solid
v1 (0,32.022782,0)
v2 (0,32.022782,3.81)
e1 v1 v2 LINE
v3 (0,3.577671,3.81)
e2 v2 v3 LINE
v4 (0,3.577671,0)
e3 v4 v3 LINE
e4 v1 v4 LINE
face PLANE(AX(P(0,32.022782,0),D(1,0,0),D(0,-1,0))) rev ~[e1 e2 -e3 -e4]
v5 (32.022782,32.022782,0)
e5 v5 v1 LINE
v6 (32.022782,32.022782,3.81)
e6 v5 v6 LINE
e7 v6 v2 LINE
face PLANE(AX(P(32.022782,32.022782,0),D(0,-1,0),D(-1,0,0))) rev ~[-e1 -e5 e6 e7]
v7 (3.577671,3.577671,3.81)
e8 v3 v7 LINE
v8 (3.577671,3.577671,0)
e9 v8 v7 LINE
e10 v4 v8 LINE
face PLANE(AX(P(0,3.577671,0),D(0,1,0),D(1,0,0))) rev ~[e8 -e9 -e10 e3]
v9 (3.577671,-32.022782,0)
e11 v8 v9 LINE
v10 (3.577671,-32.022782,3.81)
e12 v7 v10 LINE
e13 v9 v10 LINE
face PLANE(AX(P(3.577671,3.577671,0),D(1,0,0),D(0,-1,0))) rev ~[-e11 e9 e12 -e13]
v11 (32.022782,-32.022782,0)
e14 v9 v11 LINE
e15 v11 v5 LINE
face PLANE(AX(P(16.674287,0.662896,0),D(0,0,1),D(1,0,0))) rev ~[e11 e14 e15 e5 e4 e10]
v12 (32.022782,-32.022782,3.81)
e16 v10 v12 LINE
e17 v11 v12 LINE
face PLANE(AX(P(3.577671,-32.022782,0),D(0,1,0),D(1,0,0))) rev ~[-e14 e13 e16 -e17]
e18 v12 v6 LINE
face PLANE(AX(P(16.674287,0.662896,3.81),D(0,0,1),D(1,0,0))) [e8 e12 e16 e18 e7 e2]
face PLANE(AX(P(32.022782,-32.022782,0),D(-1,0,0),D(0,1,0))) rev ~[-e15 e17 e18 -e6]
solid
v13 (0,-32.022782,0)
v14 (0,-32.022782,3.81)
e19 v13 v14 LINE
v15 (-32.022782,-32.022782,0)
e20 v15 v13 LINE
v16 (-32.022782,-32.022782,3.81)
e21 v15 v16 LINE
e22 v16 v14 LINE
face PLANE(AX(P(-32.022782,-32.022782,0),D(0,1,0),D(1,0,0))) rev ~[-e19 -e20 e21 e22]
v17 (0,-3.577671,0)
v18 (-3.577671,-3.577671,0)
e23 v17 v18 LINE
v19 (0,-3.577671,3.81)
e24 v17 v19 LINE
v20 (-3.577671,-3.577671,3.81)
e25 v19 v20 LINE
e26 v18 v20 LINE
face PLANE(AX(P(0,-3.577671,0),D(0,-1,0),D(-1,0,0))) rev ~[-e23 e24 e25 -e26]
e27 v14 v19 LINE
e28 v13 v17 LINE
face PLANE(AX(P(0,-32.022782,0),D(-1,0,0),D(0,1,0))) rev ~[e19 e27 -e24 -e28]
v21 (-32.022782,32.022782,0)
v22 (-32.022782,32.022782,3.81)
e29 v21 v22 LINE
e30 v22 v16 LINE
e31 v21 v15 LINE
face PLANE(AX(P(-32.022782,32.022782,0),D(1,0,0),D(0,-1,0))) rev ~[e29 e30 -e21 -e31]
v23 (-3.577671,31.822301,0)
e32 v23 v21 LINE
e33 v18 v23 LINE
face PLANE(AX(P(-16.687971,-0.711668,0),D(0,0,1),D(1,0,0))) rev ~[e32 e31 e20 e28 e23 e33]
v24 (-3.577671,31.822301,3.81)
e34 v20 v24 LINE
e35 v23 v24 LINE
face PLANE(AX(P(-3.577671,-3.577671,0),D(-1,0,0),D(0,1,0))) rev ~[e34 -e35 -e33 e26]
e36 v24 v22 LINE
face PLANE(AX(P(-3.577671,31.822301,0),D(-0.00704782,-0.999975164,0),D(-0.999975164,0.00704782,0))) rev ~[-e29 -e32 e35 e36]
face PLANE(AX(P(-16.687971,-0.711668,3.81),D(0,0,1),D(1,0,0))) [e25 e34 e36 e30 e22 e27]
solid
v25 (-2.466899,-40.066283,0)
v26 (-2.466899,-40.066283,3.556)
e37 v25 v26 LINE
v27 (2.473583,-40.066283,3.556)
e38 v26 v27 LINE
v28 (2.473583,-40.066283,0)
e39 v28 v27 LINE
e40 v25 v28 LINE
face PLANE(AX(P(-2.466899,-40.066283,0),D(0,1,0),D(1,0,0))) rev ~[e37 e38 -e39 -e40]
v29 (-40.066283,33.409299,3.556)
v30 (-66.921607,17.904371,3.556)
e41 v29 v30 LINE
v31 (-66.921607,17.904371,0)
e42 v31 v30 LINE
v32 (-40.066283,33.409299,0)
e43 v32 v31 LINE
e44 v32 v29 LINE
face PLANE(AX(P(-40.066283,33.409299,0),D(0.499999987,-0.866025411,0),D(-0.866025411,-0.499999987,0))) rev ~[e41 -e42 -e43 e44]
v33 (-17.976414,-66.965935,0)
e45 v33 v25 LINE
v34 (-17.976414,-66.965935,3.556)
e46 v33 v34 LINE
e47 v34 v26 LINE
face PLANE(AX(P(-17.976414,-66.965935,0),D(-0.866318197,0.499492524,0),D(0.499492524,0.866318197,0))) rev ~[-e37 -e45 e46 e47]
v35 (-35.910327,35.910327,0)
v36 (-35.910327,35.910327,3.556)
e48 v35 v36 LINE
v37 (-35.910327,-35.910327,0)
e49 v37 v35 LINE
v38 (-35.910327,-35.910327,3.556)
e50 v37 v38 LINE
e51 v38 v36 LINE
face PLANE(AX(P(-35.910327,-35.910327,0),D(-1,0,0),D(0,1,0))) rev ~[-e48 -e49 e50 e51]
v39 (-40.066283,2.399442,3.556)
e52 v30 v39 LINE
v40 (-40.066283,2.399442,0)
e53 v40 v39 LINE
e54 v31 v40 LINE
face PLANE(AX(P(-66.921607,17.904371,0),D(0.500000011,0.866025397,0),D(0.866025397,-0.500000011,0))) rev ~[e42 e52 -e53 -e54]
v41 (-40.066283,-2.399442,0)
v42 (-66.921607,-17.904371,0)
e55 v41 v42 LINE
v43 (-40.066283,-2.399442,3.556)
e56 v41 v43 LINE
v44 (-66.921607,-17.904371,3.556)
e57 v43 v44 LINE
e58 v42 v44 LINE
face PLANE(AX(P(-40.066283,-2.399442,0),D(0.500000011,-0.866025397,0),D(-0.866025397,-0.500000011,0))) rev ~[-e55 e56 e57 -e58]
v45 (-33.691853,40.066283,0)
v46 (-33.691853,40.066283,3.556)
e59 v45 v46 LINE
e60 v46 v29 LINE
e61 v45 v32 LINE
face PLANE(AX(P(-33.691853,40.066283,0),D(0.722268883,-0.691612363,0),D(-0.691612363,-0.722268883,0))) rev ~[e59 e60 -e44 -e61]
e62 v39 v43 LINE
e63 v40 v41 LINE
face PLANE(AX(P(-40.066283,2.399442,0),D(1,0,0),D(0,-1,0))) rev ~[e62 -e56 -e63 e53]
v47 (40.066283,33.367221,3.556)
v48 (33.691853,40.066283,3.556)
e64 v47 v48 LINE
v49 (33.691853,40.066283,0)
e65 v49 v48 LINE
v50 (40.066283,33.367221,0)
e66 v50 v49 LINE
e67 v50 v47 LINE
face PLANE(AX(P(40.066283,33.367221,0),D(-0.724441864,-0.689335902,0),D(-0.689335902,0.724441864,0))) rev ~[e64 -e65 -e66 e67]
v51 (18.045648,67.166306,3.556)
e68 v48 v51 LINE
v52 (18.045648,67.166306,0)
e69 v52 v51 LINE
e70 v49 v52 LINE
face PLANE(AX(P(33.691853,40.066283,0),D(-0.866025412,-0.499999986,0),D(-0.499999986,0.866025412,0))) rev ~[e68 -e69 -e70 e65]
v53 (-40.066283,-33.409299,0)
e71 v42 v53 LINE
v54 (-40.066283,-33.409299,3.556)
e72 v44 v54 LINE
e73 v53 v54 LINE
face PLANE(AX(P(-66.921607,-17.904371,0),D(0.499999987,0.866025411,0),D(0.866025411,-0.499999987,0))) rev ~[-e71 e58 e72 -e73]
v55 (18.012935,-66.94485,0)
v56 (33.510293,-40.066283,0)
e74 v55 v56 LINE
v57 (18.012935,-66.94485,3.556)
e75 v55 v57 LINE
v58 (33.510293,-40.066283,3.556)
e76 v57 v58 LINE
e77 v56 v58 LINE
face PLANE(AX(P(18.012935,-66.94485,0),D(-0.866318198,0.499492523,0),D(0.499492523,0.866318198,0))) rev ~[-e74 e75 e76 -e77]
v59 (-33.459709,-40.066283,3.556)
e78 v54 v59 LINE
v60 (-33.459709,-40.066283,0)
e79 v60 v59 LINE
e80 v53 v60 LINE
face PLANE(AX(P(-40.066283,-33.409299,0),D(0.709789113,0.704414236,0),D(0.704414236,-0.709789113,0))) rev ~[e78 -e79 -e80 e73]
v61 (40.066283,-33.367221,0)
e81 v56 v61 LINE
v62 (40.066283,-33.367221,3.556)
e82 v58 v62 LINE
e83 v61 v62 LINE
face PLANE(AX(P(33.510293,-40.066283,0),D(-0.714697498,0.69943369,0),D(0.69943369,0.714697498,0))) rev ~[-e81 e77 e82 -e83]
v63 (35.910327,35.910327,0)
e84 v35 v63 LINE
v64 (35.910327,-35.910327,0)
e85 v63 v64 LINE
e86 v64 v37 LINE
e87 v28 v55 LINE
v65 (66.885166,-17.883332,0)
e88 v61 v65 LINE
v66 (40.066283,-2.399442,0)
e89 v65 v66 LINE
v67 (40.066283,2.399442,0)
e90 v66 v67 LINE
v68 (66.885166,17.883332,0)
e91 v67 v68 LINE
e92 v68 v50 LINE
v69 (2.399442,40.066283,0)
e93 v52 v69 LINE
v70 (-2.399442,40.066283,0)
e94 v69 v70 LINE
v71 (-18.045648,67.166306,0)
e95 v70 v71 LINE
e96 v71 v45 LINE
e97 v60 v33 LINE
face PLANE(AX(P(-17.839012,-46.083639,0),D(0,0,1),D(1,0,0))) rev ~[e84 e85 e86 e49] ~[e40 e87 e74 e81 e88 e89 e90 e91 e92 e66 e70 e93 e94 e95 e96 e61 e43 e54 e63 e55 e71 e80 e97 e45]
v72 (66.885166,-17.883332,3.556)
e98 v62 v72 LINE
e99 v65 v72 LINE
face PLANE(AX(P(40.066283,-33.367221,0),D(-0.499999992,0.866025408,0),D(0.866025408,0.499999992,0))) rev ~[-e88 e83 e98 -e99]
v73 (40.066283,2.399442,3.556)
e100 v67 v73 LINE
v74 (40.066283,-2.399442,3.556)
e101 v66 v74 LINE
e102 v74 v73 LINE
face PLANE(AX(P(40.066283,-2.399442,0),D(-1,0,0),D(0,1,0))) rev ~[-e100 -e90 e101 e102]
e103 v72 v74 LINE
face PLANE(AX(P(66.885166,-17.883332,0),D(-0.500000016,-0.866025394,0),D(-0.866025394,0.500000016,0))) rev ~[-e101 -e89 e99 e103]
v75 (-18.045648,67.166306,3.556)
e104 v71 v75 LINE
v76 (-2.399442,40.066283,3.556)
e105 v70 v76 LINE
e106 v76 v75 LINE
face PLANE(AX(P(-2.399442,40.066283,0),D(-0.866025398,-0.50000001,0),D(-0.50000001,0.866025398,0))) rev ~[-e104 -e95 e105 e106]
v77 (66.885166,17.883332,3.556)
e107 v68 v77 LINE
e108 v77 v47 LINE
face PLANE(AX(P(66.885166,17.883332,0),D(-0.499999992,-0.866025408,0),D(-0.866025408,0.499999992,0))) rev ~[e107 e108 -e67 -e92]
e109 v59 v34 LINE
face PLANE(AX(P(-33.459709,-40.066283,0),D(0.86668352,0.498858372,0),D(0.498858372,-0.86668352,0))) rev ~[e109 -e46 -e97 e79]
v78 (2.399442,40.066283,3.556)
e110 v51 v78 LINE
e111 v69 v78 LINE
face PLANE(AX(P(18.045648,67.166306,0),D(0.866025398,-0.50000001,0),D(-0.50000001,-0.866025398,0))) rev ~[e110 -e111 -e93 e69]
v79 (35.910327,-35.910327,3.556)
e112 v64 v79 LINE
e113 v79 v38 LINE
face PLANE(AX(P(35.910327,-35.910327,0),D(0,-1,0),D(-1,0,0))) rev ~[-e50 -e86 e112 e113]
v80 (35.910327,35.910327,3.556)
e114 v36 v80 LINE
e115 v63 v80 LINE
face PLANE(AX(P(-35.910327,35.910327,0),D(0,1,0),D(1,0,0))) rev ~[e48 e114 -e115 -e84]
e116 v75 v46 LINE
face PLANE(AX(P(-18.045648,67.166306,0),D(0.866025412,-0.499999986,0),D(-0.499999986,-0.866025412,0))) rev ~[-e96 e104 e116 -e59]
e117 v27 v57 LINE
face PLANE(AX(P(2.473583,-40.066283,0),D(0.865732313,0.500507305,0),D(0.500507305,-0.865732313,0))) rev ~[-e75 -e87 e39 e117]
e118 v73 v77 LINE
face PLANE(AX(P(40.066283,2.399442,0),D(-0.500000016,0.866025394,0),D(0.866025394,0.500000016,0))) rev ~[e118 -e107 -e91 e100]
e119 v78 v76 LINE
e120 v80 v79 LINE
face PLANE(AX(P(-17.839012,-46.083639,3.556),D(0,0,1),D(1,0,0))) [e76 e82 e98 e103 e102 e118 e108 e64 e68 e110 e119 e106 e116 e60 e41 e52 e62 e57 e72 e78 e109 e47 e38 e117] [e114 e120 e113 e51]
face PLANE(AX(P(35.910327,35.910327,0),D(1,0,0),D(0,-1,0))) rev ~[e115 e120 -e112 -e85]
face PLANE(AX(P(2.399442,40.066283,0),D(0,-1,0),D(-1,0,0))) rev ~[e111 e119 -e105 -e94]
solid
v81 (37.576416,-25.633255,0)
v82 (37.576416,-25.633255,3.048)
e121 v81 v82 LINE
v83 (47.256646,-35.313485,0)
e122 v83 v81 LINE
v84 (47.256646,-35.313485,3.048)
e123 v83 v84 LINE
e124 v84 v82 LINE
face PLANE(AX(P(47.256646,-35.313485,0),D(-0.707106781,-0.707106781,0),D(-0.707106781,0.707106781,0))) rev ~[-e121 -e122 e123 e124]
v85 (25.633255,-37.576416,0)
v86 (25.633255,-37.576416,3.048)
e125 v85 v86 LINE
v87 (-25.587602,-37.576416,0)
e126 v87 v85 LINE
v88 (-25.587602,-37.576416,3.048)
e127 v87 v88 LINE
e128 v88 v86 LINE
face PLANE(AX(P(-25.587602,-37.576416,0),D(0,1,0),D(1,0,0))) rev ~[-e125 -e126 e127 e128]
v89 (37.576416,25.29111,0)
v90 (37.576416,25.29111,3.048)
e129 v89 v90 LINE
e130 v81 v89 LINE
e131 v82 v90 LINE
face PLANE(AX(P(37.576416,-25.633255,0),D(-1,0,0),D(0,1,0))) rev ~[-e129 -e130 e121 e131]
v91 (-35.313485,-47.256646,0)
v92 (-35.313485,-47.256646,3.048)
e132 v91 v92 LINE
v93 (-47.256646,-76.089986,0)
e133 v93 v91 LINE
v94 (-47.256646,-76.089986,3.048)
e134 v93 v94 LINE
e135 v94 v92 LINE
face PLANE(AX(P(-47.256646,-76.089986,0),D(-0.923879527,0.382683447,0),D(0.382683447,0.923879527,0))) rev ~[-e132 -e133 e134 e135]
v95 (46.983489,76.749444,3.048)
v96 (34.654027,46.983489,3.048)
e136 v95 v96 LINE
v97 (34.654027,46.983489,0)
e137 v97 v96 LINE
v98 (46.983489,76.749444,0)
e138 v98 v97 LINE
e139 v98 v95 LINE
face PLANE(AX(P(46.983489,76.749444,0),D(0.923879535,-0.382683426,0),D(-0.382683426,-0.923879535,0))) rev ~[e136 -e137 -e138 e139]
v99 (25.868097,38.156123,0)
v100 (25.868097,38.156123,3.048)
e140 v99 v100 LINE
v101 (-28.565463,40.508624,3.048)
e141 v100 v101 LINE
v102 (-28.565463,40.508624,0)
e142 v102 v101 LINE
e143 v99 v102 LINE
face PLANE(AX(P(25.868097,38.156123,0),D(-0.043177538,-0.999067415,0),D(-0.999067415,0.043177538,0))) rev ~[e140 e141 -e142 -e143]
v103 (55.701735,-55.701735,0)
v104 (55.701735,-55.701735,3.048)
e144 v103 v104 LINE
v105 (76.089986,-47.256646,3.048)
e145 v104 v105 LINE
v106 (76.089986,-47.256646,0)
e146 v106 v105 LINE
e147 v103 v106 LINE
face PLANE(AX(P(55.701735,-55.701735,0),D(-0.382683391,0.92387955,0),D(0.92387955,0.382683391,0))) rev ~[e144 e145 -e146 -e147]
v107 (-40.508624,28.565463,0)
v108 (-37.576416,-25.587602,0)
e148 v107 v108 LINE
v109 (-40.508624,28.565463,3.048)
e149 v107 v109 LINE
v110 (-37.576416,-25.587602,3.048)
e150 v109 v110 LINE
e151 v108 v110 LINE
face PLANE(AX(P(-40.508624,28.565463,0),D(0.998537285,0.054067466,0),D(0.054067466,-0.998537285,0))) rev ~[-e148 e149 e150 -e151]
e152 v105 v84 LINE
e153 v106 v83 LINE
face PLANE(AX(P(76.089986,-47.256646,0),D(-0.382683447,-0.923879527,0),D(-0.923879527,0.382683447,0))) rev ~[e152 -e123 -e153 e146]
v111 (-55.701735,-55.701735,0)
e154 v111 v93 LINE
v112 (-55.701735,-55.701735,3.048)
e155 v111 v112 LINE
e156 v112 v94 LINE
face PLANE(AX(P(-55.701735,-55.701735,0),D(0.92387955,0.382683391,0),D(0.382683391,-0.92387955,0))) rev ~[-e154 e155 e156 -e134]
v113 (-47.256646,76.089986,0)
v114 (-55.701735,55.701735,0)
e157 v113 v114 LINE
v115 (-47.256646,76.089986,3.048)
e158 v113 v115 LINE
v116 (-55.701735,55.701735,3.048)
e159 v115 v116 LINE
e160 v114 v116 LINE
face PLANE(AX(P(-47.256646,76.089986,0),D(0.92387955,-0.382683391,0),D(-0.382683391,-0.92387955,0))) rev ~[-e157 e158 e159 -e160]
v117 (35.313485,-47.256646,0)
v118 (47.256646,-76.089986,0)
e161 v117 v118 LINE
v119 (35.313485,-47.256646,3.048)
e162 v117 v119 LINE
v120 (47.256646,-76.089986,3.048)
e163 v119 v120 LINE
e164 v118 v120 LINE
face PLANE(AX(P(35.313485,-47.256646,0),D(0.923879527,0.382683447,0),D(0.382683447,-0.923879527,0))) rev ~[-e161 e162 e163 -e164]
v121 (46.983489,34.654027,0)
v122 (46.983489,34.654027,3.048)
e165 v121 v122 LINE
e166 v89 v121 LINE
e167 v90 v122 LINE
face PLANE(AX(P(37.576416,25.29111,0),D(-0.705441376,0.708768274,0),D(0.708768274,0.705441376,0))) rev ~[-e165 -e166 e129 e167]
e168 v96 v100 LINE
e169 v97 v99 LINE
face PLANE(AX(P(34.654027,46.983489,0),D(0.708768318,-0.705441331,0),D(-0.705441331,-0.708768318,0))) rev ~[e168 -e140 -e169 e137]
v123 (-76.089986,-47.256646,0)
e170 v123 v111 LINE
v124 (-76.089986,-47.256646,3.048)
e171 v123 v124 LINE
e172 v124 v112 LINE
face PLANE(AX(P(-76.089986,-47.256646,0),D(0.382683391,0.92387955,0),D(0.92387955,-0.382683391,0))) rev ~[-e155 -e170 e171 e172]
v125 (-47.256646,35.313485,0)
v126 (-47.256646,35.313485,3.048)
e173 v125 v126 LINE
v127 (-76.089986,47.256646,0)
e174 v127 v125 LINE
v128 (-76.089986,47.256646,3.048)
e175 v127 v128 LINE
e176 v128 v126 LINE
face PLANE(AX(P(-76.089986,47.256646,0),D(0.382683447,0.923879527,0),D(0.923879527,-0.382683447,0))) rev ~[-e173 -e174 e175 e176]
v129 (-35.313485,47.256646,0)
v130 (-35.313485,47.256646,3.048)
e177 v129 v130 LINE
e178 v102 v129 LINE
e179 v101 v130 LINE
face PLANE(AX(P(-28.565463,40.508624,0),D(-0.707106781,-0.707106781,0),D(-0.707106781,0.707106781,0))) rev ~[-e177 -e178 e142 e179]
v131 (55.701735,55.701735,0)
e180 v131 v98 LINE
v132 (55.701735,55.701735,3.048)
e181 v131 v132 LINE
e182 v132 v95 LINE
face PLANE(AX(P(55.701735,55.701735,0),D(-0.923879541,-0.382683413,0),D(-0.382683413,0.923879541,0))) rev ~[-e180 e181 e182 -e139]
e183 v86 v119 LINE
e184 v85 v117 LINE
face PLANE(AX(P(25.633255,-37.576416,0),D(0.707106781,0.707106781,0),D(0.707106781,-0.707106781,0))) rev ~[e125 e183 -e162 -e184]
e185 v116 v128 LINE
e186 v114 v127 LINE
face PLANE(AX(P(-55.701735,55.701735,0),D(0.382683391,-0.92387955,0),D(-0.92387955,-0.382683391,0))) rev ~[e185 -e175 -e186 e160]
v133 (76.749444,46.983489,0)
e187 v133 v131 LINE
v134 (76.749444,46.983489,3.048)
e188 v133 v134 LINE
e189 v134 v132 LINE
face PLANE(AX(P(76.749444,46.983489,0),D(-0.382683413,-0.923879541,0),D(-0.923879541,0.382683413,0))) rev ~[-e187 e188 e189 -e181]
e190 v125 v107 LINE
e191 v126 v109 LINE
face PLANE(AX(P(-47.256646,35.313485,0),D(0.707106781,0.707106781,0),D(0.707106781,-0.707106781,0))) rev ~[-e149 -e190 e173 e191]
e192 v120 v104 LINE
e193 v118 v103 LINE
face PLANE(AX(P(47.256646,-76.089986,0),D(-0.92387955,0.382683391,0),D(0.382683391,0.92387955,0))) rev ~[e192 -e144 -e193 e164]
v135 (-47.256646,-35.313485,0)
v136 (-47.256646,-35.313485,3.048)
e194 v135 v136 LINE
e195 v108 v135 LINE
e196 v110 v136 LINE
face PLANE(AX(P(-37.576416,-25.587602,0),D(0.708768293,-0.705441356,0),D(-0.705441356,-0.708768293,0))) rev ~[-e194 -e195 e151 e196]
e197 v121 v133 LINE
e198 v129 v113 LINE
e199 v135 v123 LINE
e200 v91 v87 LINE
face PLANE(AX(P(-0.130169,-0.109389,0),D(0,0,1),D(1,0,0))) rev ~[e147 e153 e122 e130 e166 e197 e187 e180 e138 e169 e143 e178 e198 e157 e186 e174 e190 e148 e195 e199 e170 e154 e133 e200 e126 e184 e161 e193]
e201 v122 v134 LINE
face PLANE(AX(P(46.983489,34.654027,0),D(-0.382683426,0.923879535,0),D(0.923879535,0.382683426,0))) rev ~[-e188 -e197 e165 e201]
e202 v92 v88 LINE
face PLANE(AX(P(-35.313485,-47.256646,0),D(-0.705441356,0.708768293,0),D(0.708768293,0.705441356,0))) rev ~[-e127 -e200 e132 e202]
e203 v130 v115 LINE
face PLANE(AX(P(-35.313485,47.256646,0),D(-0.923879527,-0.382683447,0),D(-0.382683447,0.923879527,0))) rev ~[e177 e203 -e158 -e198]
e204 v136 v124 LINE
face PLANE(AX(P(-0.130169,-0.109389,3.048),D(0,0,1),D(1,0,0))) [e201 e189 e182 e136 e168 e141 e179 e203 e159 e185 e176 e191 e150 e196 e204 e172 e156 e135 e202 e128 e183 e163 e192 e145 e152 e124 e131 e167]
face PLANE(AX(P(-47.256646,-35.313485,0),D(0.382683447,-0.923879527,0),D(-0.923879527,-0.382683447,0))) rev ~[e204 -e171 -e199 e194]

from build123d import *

# Parameters (mm, degrees)
F1_DEPTH = 3.81
F3_DEPTH = 3.556
F5_DEPTH = 3.048


with BuildPart() as f1:
    # F0 (on Top) → F1 (new body)
    with BuildSketch(Plane.XY):
        Polygon((32.022782, -32.022782), (32.022782, 32.022782), (0, 32.022782), (0, 3.577671), (3.577671, 3.577671), (3.577671, -3.577671), (3.577671, -32.022782), align=None)
        Polygon((-32.022782, 32.022782), (-32.022782, -32.022782), (0, -32.022782), (0, -3.577671), (-3.577671, -3.577671), (-3.577671, 3.577671), (-3.577671, 31.822301), align=None)
    extrude(amount=F1_DEPTH)


with BuildPart() as f3:
    # F2 (on Top) → F3 (new body)
    with BuildSketch(Plane.XY):
        Polygon((-17.976414, -66.965935), (-2.466899, -40.066283), (0, -40.066283), (0.003342, -35.910327), (-35.910327, -35.910327), (-36.762996, -36.737791), (-33.459709, -40.066283), align=None)
        Polygon((0.003342, -35.910327), (0, -40.066283), (2.473583, -40.066283), (18.012935, -66.94485), (33.510293, -40.066283), (36.788288, -36.716752), (35.910327, -35.910327), align=None)
        Polygon((35.910327, 0), (35.910327, -35.910327), (36.788288, -36.716752), (40.066283, -33.367221), (66.885166, -17.883332), (40.066283, -2.399442), (40.066283, 0), align=None)
        Polygon((-36.762996, -36.737791), (-35.910327, -35.910327), (-35.910327, 0), (-40.066283, 0), (-40.066283, -2.399442), (-66.921607, -17.904371), (-40.066283, -33.409299), align=None)
        Polygon((35.910327, 35.910327), (35.910327, 0), (40.066283, 0), (40.066283, 2.399442), (66.885166, 17.883332), (40.066283, 33.367221), (36.879068, 36.716752), align=None)
        Polygon((-40.066283, 0), (-35.910327, 0), (-35.910327, 35.910327), (-36.879068, 36.737791), (-40.066283, 33.409299), (-66.921607, 17.904371), (-40.066283, 2.399442), align=None)
        Polygon((0, 35.910327), (35.910327, 35.910327), (36.879068, 36.716752), (33.691853, 40.066283), (18.045648, 67.166306), (2.399442, 40.066283), (0, 40.066283), align=None)
        Polygon((-36.879068, 36.737791), (-35.910327, 35.910327), (0, 35.910327), (0, 40.066283), (-2.399442, 40.066283), (-18.045648, 67.166306), (-33.691853, 40.066283), align=None)
    extrude(amount=F3_DEPTH)


with BuildPart() as f5:
    # F4 (on Top) → F5 (new body)
    with BuildSketch(Plane.XY):
        Polygon((37.576416, 25.29111), (46.983489, 34.654027), (34.654027, 46.983489), (25.868097, 38.156123), (-28.565463, 40.508624), (-35.313485, 47.256646), (-47.256646, 35.313485), (-40.508624, 28.565463), (-37.576416, -25.587602), (-47.256646, -35.313485), (-35.313485, -47.256646), (-25.587602, -37.576416), (25.633255, -37.576416), (35.313485, -47.256646), (47.256646, -35.313485), (37.576416, -25.633255), align=None)
        Polygon((34.654027, 46.983489), (46.983489, 34.654027), (76.749444, 46.983489), (55.701735, 55.701735), (46.983489, 76.749444), align=None)
        Polygon((76.089986, -47.256646), (47.256646, -35.313485), (35.313485, -47.256646), (47.256646, -76.089986), (55.701735, -55.701735), align=None)
        Polygon((-47.256646, 35.313485), (-35.313485, 47.256646), (-47.256646, 76.089986), (-55.701735, 55.701735), (-76.089986, 47.256646), align=None)
        Polygon((-47.256646, -76.089986), (-35.313485, -47.256646), (-47.256646, -35.313485), (-76.089986, -47.256646), (-55.701735, -55.701735), align=None)
    extrude(amount=F5_DEPTH)


solid = Compound([f1.part, f3.part, f5.part])
